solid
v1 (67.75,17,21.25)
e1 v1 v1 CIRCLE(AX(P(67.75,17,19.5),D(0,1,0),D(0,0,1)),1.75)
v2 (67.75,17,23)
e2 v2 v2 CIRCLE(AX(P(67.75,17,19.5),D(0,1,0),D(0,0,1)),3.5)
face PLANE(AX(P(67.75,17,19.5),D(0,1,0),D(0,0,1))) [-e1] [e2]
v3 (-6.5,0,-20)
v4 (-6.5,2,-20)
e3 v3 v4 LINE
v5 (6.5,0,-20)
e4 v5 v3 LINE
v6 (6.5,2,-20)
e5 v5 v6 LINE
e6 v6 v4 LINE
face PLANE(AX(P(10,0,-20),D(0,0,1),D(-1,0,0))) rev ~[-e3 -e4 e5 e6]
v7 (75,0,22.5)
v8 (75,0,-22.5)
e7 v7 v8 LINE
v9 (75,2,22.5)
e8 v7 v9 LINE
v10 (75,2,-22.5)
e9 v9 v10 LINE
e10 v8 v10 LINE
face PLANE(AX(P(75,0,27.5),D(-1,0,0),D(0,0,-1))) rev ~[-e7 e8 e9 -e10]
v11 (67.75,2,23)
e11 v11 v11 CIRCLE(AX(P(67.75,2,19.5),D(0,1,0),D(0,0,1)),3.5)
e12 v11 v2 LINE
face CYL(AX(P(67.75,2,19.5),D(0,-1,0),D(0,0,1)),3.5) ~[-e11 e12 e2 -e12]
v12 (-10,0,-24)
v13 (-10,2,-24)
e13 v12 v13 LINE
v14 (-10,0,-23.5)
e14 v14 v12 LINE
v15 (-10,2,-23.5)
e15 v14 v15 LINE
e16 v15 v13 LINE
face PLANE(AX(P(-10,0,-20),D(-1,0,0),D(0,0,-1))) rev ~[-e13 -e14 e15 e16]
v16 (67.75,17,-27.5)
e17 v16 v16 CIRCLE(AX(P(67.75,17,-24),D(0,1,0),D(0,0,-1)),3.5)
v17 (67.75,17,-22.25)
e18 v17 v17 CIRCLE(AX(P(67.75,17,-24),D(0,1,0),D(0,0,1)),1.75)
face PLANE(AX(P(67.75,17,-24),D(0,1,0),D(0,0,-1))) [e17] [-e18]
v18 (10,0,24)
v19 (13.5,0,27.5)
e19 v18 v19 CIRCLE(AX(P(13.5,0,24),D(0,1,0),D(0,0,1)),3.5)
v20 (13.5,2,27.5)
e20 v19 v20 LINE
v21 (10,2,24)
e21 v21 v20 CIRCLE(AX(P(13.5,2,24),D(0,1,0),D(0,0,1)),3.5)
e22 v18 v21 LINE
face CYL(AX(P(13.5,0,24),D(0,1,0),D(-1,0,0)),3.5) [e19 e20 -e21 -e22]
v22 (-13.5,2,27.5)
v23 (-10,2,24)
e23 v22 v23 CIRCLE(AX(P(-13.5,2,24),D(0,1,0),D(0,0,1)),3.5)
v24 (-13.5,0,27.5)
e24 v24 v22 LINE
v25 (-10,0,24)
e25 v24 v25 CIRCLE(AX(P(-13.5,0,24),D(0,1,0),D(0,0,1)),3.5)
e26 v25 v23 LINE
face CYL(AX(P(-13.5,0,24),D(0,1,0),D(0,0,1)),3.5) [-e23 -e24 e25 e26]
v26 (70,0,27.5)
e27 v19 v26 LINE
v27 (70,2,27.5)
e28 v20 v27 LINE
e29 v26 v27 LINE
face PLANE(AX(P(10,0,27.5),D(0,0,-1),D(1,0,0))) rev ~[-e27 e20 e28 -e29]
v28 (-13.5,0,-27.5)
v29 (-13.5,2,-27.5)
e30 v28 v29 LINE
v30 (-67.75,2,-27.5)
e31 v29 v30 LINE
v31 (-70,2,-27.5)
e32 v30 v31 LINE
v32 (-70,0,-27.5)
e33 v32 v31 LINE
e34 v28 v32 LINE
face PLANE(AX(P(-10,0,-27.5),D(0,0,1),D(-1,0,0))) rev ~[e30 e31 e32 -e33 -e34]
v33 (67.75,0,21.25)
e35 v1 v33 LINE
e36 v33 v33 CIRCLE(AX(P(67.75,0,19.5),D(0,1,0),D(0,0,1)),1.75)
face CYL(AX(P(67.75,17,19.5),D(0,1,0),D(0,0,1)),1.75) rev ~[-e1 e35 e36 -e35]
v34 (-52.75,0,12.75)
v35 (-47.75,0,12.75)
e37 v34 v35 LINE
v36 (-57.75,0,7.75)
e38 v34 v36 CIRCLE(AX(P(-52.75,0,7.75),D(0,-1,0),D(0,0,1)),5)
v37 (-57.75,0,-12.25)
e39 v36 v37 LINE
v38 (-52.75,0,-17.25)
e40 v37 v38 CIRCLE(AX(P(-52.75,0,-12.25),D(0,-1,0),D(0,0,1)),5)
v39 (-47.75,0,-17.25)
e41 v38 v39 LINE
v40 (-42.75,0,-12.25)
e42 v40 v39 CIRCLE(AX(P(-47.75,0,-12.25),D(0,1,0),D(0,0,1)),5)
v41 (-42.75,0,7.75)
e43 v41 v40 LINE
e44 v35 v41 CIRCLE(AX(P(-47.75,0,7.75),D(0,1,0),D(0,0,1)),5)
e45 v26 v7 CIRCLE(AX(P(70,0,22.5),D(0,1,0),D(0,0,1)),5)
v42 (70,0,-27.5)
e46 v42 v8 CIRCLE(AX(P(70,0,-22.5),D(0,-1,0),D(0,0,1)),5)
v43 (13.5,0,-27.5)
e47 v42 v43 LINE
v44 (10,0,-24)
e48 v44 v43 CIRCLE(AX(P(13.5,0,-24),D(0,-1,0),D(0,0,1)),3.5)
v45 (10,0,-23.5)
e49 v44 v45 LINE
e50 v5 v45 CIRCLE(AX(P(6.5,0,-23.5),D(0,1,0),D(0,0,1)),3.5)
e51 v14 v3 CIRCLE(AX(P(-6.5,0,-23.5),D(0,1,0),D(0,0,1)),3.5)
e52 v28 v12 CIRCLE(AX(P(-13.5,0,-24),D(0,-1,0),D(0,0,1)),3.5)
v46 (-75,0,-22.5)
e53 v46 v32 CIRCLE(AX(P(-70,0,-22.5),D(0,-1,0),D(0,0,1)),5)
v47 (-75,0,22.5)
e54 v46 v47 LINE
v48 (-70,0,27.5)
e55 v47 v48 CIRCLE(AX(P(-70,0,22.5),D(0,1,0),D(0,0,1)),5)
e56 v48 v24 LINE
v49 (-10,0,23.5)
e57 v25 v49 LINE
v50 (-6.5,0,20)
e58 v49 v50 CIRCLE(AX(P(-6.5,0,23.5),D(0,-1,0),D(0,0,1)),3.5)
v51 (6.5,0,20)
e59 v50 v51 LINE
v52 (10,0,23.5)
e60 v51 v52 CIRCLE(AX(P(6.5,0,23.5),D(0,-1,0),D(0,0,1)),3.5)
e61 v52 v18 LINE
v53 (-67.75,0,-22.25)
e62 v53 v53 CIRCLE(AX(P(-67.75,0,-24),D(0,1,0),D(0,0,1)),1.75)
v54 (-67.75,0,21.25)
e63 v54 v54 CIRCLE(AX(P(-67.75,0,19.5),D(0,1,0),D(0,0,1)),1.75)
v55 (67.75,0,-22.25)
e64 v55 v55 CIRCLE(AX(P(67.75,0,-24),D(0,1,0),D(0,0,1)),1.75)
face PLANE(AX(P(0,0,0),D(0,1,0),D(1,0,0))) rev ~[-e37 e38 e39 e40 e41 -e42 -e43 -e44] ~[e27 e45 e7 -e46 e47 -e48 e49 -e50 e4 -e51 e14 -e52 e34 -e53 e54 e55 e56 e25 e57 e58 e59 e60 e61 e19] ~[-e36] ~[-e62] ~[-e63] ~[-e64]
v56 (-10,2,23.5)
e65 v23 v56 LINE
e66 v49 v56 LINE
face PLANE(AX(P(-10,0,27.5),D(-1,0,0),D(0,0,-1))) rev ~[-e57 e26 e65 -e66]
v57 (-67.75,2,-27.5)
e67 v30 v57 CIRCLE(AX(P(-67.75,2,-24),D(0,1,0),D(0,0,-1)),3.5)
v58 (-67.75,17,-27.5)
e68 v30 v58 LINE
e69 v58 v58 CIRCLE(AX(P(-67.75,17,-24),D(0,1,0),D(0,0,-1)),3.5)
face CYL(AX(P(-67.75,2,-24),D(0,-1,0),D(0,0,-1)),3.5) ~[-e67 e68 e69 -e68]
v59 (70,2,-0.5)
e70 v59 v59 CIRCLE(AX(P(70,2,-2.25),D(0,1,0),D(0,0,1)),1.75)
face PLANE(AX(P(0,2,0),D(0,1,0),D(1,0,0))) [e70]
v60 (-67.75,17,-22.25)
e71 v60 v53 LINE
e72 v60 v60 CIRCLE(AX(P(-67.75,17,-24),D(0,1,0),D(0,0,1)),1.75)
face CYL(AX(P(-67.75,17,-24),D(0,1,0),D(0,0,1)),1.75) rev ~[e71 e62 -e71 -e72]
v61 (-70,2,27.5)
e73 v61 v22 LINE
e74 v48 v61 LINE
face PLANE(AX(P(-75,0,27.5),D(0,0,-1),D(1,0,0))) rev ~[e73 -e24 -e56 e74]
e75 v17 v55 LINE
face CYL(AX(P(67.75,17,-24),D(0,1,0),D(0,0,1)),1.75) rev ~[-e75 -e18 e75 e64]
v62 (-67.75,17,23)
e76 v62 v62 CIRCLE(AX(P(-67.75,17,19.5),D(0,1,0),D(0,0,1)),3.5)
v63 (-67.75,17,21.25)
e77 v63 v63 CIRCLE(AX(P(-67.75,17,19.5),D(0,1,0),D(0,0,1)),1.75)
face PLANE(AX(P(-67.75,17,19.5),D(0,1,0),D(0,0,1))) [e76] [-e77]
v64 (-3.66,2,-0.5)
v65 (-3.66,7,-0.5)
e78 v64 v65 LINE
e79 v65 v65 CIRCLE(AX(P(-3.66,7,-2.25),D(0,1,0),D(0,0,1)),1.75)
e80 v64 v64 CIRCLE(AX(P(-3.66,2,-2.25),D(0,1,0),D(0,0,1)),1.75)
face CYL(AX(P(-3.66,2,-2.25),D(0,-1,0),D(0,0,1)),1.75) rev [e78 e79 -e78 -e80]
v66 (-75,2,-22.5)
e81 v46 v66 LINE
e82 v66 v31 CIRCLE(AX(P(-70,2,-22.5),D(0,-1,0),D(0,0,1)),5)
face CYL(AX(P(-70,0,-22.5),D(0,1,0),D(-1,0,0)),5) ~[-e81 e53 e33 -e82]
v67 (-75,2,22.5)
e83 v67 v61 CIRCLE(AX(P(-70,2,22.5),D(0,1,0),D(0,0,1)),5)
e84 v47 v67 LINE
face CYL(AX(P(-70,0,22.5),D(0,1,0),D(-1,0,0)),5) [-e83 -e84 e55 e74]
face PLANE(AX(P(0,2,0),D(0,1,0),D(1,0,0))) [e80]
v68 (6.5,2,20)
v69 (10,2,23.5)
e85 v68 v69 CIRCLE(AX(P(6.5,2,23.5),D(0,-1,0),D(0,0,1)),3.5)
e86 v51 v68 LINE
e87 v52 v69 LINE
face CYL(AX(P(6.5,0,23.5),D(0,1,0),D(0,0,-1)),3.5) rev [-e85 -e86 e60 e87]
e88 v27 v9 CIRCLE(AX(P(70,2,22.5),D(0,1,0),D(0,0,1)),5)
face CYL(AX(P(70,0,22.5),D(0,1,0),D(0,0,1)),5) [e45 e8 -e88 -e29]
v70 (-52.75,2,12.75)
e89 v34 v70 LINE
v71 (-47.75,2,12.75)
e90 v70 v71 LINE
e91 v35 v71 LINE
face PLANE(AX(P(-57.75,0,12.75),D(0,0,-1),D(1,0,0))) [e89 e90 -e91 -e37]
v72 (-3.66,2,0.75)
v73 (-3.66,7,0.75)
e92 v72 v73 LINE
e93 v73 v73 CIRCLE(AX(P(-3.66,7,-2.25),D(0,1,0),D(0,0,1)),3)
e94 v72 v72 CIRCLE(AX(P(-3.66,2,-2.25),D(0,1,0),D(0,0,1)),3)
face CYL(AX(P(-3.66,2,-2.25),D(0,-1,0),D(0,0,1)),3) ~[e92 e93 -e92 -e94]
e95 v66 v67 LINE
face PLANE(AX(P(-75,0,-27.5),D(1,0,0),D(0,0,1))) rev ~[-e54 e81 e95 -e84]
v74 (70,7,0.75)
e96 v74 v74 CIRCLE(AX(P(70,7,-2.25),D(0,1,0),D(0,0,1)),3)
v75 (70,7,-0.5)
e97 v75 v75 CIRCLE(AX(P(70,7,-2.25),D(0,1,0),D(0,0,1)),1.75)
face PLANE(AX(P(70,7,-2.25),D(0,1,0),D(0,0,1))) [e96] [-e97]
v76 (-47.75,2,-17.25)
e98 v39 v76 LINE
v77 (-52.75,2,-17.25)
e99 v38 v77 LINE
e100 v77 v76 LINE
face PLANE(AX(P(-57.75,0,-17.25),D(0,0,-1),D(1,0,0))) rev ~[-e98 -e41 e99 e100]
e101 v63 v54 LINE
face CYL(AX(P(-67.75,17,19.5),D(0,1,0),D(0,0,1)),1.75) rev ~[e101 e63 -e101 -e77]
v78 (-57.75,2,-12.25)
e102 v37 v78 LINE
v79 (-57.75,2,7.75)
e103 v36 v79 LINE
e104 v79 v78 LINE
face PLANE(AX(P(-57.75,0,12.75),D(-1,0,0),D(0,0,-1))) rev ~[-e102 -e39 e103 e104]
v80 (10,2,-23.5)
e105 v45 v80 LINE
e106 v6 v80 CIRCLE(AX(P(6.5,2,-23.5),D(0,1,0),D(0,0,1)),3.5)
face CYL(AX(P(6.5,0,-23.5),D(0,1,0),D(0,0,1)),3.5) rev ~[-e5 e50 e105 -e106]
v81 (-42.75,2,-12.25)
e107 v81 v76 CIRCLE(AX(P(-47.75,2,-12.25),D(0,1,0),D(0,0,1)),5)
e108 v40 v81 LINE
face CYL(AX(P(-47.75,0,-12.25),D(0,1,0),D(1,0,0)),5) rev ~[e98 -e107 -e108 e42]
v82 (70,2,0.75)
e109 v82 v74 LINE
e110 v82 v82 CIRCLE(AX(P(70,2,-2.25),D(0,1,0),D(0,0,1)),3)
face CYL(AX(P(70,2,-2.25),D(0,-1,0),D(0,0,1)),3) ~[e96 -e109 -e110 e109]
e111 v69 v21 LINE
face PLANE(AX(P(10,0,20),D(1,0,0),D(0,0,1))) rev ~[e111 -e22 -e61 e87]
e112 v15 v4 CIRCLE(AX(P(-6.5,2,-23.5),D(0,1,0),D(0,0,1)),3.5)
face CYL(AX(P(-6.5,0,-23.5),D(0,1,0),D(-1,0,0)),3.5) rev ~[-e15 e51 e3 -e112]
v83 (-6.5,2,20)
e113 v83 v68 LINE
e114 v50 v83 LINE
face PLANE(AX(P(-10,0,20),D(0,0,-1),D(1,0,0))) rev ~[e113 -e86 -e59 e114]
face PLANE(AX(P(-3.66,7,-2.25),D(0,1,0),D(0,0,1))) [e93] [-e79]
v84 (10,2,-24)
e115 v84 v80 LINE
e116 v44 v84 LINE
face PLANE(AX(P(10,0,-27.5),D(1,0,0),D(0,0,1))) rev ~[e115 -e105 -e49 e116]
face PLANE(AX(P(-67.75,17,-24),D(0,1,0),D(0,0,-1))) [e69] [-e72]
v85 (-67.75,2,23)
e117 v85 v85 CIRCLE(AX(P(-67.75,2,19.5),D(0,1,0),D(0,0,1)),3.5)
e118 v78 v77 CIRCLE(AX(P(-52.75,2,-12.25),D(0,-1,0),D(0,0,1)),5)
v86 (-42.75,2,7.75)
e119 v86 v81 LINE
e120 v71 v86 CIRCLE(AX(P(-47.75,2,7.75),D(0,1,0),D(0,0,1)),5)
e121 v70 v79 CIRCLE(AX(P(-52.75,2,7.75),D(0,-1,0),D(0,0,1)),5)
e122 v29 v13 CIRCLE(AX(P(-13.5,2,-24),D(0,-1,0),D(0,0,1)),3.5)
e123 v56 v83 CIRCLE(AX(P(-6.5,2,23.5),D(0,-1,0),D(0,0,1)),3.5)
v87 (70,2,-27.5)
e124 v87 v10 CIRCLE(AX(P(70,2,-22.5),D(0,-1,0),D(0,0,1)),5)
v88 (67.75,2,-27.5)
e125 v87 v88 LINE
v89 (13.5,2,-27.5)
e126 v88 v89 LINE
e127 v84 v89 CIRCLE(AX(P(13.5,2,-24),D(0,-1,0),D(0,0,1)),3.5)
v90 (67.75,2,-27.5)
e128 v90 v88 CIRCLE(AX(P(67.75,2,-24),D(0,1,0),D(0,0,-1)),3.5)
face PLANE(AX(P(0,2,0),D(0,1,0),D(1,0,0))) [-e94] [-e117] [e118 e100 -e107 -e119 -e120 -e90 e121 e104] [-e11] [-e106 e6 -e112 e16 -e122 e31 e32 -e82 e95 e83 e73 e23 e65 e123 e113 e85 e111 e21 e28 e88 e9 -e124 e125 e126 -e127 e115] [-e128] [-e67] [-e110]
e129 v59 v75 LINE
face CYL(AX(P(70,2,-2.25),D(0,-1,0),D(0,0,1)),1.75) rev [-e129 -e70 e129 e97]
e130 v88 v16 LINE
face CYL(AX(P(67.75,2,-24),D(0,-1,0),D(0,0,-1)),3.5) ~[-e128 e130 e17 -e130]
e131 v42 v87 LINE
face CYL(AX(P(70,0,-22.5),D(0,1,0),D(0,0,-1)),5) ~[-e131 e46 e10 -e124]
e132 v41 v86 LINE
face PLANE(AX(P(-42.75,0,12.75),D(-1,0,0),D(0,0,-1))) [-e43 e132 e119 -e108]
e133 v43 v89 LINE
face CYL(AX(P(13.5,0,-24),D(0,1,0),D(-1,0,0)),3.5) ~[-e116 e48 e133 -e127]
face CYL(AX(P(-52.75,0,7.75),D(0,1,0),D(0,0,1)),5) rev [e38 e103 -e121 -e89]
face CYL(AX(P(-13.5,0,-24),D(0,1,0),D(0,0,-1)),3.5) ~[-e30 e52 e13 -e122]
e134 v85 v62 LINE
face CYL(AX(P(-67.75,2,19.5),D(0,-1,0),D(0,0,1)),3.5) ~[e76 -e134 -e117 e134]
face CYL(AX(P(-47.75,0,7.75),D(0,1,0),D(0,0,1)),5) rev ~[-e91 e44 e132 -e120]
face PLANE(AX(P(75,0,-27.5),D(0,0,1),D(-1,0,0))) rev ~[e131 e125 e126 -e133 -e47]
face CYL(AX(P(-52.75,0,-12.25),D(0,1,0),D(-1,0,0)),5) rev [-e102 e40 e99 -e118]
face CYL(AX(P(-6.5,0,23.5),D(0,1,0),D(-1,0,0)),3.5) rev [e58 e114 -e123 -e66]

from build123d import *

# Parameters (mm, degrees)
SKETCH1_W           = 15
SKETCH1_H           = 30
BOSS_EXTRUDE1_DEPTH = 2
SKETCH2_R           = 3.5
BOSS_EXTRUDE2_DEPTH = 15
CUT_EXTRUDE1_REACH  = 83.672
SKETCH3_R           = 1.75
SKETCH4_R           = 3
SKETCH4_R_2         = 1.75
BOSS_EXTRUDE3_DEPTH = 5
FILLET1_R           = 5
FILLET2_R           = 3.5


with BuildPart() as part:
    # Sketch1 → Boss-Extrude1 (new body)
    with BuildSketch(Plane(origin=(0, 0, 0), x_dir=(1, 0, 0), z_dir=(0, 1, 0))):
        Polygon((-75, 27.5), (-75, -27.5), (-10, -27.5), (-10, -20), (10, -20), (10, -27.5), (75, -27.5), (75, 27.5), (10, 27.5), (10, 20), (-10, 20), (-10, 27.5), align=None)
        with Locations((-50.25, 2.25)):
            Rectangle(SKETCH1_W, SKETCH1_H, mode=Mode.SUBTRACT)
    extrude(amount=BOSS_EXTRUDE1_DEPTH)

    # Sketch2 → Boss-Extrude2 (add)
    with BuildSketch(Plane(origin=(0, 2, 0), x_dir=(1, 0, 0), z_dir=(0, 1, 0))):
        with Locations(Location((-67.75, -19.5, 0), (0, 0, 270))):
            Circle(SKETCH2_R)
        with Locations(Location((-67.75, 24, 0), (0, 0, 90))):
            Circle(SKETCH2_R)
        with Locations(Location((67.75, 24, 0), (0, 0, 90))):
            Circle(SKETCH2_R)
        with Locations(Location((67.75, -19.5, 0), (0, 0, 270))):
            Circle(SKETCH2_R)
    extrude(amount=BOSS_EXTRUDE2_DEPTH)

    # Sketch3 → Cut-Extrude1 (cut, up to next)
    with BuildSketch(Plane(origin=(0, 17, 0), x_dir=(1, 0, 0), z_dir=(0, 1, 0)), mode=Mode.PRIVATE) as cut_extrude1_sk1:
        with Locations(Location((-67.75, -19.5, 0), (0, 0, 270))):
            Circle(SKETCH3_R)
    cut_extrude1_tool1 = extrude(cut_extrude1_sk1.sketch, amount=-CUT_EXTRUDE1_REACH, mode=Mode.PRIVATE) & part.part
    # Sketch3 → Cut-Extrude1 (cut, up to next)
    with BuildSketch(Plane(origin=(0, 17, 0), x_dir=(1, 0, 0), z_dir=(0, 1, 0)), mode=Mode.PRIVATE) as cut_extrude1_sk2:
        with Locations(Location((-67.75, 24, 0), (0, 0, 270))):
            Circle(SKETCH3_R)
    cut_extrude1_tool2 = extrude(cut_extrude1_sk2.sketch, amount=-CUT_EXTRUDE1_REACH, mode=Mode.PRIVATE) & part.part
    # Sketch3 → Cut-Extrude1 (cut, up to next)
    with BuildSketch(Plane(origin=(0, 17, 0), x_dir=(1, 0, 0), z_dir=(0, 1, 0)), mode=Mode.PRIVATE) as cut_extrude1_sk3:
        with Locations(Location((67.75, 24, 0), (0, 0, 270))):
            Circle(SKETCH3_R)
    cut_extrude1_tool3 = extrude(cut_extrude1_sk3.sketch, amount=-CUT_EXTRUDE1_REACH, mode=Mode.PRIVATE) & part.part
    # Sketch3 → Cut-Extrude1 (cut, up to next)
    with BuildSketch(Plane(origin=(0, 17, 0), x_dir=(1, 0, 0), z_dir=(0, 1, 0)), mode=Mode.PRIVATE) as cut_extrude1_sk4:
        with Locations(Location((67.75, -19.5, 0), (0, 0, 270))):
            Circle(SKETCH3_R)
    cut_extrude1_tool4 = extrude(cut_extrude1_sk4.sketch, amount=-CUT_EXTRUDE1_REACH, mode=Mode.PRIVATE) & part.part
    add(cut_extrude1_tool1.solids().sort_by_distance((-67.75, 17, 19.5))[0], mode=Mode.SUBTRACT)
    add(cut_extrude1_tool2.solids().sort_by_distance((-67.75, 17, -24))[0], mode=Mode.SUBTRACT)
    add(cut_extrude1_tool3.solids().sort_by_distance((67.75, 17, -24))[0], mode=Mode.SUBTRACT)
    add(cut_extrude1_tool4.solids().sort_by_distance((67.75, 17, 19.5))[0], mode=Mode.SUBTRACT)

    # Sketch4 → Boss-Extrude3 (add)
    # profile 1 of 2: a face of its own
    with BuildSketch(Plane(origin=(0, 2, 0), x_dir=(1, 0, 0), z_dir=(0, 1, 0))):
        with Locations(Location((-3.66, 2.25, 0), (0, 0, 270))):
            Circle(SKETCH4_R)
        with Locations(Location((-3.66, 2.25, 0), (0, 0, 270))):
            Circle(SKETCH4_R_2, mode=Mode.SUBTRACT)
    # profile 2 of 2: a face of its own
    with BuildSketch(Plane(origin=(0, 2, 0), x_dir=(1, 0, 0), z_dir=(0, 1, 0))):
        with Locations(Location((70, 2.25, 0), (0, 0, 270))):
            Circle(SKETCH4_R)
        with Locations(Location((70, 2.25, 0), (0, 0, 270))):
            Circle(SKETCH4_R_2, mode=Mode.SUBTRACT)
    extrude(amount=BOSS_EXTRUDE3_DEPTH)

    # Fillet1
    fillet1_edges = [part.edges().sort_by_distance(p)[0] for p in [
        (-57.75, 1, -17.25),
        (-57.75, 1, 12.75),
        (-42.75, 1, 12.75),
        (-42.75, 1, -17.25),
        (-75, 1, 27.5),
        (-75, 1, -27.5),
        (75, 1, -27.5),
        (75, 1, 27.5),
    ]]
    fillet(fillet1_edges, radius=FILLET1_R)

    # Fillet2
    fillet2_edges = [part.edges().sort_by_distance(p)[0] for p in [
        (10, 1, 20),
        (-10, 1, 20),
        (-10, 1, 27.5),
        (-10, 1, -27.5),
        (-10, 1, -20),
        (10, 1, -20),
        (10, 1, -27.5),
        (10, 1, 27.5),
    ]]
    fillet(fillet2_edges, radius=FILLET2_R)


solid = part.part
